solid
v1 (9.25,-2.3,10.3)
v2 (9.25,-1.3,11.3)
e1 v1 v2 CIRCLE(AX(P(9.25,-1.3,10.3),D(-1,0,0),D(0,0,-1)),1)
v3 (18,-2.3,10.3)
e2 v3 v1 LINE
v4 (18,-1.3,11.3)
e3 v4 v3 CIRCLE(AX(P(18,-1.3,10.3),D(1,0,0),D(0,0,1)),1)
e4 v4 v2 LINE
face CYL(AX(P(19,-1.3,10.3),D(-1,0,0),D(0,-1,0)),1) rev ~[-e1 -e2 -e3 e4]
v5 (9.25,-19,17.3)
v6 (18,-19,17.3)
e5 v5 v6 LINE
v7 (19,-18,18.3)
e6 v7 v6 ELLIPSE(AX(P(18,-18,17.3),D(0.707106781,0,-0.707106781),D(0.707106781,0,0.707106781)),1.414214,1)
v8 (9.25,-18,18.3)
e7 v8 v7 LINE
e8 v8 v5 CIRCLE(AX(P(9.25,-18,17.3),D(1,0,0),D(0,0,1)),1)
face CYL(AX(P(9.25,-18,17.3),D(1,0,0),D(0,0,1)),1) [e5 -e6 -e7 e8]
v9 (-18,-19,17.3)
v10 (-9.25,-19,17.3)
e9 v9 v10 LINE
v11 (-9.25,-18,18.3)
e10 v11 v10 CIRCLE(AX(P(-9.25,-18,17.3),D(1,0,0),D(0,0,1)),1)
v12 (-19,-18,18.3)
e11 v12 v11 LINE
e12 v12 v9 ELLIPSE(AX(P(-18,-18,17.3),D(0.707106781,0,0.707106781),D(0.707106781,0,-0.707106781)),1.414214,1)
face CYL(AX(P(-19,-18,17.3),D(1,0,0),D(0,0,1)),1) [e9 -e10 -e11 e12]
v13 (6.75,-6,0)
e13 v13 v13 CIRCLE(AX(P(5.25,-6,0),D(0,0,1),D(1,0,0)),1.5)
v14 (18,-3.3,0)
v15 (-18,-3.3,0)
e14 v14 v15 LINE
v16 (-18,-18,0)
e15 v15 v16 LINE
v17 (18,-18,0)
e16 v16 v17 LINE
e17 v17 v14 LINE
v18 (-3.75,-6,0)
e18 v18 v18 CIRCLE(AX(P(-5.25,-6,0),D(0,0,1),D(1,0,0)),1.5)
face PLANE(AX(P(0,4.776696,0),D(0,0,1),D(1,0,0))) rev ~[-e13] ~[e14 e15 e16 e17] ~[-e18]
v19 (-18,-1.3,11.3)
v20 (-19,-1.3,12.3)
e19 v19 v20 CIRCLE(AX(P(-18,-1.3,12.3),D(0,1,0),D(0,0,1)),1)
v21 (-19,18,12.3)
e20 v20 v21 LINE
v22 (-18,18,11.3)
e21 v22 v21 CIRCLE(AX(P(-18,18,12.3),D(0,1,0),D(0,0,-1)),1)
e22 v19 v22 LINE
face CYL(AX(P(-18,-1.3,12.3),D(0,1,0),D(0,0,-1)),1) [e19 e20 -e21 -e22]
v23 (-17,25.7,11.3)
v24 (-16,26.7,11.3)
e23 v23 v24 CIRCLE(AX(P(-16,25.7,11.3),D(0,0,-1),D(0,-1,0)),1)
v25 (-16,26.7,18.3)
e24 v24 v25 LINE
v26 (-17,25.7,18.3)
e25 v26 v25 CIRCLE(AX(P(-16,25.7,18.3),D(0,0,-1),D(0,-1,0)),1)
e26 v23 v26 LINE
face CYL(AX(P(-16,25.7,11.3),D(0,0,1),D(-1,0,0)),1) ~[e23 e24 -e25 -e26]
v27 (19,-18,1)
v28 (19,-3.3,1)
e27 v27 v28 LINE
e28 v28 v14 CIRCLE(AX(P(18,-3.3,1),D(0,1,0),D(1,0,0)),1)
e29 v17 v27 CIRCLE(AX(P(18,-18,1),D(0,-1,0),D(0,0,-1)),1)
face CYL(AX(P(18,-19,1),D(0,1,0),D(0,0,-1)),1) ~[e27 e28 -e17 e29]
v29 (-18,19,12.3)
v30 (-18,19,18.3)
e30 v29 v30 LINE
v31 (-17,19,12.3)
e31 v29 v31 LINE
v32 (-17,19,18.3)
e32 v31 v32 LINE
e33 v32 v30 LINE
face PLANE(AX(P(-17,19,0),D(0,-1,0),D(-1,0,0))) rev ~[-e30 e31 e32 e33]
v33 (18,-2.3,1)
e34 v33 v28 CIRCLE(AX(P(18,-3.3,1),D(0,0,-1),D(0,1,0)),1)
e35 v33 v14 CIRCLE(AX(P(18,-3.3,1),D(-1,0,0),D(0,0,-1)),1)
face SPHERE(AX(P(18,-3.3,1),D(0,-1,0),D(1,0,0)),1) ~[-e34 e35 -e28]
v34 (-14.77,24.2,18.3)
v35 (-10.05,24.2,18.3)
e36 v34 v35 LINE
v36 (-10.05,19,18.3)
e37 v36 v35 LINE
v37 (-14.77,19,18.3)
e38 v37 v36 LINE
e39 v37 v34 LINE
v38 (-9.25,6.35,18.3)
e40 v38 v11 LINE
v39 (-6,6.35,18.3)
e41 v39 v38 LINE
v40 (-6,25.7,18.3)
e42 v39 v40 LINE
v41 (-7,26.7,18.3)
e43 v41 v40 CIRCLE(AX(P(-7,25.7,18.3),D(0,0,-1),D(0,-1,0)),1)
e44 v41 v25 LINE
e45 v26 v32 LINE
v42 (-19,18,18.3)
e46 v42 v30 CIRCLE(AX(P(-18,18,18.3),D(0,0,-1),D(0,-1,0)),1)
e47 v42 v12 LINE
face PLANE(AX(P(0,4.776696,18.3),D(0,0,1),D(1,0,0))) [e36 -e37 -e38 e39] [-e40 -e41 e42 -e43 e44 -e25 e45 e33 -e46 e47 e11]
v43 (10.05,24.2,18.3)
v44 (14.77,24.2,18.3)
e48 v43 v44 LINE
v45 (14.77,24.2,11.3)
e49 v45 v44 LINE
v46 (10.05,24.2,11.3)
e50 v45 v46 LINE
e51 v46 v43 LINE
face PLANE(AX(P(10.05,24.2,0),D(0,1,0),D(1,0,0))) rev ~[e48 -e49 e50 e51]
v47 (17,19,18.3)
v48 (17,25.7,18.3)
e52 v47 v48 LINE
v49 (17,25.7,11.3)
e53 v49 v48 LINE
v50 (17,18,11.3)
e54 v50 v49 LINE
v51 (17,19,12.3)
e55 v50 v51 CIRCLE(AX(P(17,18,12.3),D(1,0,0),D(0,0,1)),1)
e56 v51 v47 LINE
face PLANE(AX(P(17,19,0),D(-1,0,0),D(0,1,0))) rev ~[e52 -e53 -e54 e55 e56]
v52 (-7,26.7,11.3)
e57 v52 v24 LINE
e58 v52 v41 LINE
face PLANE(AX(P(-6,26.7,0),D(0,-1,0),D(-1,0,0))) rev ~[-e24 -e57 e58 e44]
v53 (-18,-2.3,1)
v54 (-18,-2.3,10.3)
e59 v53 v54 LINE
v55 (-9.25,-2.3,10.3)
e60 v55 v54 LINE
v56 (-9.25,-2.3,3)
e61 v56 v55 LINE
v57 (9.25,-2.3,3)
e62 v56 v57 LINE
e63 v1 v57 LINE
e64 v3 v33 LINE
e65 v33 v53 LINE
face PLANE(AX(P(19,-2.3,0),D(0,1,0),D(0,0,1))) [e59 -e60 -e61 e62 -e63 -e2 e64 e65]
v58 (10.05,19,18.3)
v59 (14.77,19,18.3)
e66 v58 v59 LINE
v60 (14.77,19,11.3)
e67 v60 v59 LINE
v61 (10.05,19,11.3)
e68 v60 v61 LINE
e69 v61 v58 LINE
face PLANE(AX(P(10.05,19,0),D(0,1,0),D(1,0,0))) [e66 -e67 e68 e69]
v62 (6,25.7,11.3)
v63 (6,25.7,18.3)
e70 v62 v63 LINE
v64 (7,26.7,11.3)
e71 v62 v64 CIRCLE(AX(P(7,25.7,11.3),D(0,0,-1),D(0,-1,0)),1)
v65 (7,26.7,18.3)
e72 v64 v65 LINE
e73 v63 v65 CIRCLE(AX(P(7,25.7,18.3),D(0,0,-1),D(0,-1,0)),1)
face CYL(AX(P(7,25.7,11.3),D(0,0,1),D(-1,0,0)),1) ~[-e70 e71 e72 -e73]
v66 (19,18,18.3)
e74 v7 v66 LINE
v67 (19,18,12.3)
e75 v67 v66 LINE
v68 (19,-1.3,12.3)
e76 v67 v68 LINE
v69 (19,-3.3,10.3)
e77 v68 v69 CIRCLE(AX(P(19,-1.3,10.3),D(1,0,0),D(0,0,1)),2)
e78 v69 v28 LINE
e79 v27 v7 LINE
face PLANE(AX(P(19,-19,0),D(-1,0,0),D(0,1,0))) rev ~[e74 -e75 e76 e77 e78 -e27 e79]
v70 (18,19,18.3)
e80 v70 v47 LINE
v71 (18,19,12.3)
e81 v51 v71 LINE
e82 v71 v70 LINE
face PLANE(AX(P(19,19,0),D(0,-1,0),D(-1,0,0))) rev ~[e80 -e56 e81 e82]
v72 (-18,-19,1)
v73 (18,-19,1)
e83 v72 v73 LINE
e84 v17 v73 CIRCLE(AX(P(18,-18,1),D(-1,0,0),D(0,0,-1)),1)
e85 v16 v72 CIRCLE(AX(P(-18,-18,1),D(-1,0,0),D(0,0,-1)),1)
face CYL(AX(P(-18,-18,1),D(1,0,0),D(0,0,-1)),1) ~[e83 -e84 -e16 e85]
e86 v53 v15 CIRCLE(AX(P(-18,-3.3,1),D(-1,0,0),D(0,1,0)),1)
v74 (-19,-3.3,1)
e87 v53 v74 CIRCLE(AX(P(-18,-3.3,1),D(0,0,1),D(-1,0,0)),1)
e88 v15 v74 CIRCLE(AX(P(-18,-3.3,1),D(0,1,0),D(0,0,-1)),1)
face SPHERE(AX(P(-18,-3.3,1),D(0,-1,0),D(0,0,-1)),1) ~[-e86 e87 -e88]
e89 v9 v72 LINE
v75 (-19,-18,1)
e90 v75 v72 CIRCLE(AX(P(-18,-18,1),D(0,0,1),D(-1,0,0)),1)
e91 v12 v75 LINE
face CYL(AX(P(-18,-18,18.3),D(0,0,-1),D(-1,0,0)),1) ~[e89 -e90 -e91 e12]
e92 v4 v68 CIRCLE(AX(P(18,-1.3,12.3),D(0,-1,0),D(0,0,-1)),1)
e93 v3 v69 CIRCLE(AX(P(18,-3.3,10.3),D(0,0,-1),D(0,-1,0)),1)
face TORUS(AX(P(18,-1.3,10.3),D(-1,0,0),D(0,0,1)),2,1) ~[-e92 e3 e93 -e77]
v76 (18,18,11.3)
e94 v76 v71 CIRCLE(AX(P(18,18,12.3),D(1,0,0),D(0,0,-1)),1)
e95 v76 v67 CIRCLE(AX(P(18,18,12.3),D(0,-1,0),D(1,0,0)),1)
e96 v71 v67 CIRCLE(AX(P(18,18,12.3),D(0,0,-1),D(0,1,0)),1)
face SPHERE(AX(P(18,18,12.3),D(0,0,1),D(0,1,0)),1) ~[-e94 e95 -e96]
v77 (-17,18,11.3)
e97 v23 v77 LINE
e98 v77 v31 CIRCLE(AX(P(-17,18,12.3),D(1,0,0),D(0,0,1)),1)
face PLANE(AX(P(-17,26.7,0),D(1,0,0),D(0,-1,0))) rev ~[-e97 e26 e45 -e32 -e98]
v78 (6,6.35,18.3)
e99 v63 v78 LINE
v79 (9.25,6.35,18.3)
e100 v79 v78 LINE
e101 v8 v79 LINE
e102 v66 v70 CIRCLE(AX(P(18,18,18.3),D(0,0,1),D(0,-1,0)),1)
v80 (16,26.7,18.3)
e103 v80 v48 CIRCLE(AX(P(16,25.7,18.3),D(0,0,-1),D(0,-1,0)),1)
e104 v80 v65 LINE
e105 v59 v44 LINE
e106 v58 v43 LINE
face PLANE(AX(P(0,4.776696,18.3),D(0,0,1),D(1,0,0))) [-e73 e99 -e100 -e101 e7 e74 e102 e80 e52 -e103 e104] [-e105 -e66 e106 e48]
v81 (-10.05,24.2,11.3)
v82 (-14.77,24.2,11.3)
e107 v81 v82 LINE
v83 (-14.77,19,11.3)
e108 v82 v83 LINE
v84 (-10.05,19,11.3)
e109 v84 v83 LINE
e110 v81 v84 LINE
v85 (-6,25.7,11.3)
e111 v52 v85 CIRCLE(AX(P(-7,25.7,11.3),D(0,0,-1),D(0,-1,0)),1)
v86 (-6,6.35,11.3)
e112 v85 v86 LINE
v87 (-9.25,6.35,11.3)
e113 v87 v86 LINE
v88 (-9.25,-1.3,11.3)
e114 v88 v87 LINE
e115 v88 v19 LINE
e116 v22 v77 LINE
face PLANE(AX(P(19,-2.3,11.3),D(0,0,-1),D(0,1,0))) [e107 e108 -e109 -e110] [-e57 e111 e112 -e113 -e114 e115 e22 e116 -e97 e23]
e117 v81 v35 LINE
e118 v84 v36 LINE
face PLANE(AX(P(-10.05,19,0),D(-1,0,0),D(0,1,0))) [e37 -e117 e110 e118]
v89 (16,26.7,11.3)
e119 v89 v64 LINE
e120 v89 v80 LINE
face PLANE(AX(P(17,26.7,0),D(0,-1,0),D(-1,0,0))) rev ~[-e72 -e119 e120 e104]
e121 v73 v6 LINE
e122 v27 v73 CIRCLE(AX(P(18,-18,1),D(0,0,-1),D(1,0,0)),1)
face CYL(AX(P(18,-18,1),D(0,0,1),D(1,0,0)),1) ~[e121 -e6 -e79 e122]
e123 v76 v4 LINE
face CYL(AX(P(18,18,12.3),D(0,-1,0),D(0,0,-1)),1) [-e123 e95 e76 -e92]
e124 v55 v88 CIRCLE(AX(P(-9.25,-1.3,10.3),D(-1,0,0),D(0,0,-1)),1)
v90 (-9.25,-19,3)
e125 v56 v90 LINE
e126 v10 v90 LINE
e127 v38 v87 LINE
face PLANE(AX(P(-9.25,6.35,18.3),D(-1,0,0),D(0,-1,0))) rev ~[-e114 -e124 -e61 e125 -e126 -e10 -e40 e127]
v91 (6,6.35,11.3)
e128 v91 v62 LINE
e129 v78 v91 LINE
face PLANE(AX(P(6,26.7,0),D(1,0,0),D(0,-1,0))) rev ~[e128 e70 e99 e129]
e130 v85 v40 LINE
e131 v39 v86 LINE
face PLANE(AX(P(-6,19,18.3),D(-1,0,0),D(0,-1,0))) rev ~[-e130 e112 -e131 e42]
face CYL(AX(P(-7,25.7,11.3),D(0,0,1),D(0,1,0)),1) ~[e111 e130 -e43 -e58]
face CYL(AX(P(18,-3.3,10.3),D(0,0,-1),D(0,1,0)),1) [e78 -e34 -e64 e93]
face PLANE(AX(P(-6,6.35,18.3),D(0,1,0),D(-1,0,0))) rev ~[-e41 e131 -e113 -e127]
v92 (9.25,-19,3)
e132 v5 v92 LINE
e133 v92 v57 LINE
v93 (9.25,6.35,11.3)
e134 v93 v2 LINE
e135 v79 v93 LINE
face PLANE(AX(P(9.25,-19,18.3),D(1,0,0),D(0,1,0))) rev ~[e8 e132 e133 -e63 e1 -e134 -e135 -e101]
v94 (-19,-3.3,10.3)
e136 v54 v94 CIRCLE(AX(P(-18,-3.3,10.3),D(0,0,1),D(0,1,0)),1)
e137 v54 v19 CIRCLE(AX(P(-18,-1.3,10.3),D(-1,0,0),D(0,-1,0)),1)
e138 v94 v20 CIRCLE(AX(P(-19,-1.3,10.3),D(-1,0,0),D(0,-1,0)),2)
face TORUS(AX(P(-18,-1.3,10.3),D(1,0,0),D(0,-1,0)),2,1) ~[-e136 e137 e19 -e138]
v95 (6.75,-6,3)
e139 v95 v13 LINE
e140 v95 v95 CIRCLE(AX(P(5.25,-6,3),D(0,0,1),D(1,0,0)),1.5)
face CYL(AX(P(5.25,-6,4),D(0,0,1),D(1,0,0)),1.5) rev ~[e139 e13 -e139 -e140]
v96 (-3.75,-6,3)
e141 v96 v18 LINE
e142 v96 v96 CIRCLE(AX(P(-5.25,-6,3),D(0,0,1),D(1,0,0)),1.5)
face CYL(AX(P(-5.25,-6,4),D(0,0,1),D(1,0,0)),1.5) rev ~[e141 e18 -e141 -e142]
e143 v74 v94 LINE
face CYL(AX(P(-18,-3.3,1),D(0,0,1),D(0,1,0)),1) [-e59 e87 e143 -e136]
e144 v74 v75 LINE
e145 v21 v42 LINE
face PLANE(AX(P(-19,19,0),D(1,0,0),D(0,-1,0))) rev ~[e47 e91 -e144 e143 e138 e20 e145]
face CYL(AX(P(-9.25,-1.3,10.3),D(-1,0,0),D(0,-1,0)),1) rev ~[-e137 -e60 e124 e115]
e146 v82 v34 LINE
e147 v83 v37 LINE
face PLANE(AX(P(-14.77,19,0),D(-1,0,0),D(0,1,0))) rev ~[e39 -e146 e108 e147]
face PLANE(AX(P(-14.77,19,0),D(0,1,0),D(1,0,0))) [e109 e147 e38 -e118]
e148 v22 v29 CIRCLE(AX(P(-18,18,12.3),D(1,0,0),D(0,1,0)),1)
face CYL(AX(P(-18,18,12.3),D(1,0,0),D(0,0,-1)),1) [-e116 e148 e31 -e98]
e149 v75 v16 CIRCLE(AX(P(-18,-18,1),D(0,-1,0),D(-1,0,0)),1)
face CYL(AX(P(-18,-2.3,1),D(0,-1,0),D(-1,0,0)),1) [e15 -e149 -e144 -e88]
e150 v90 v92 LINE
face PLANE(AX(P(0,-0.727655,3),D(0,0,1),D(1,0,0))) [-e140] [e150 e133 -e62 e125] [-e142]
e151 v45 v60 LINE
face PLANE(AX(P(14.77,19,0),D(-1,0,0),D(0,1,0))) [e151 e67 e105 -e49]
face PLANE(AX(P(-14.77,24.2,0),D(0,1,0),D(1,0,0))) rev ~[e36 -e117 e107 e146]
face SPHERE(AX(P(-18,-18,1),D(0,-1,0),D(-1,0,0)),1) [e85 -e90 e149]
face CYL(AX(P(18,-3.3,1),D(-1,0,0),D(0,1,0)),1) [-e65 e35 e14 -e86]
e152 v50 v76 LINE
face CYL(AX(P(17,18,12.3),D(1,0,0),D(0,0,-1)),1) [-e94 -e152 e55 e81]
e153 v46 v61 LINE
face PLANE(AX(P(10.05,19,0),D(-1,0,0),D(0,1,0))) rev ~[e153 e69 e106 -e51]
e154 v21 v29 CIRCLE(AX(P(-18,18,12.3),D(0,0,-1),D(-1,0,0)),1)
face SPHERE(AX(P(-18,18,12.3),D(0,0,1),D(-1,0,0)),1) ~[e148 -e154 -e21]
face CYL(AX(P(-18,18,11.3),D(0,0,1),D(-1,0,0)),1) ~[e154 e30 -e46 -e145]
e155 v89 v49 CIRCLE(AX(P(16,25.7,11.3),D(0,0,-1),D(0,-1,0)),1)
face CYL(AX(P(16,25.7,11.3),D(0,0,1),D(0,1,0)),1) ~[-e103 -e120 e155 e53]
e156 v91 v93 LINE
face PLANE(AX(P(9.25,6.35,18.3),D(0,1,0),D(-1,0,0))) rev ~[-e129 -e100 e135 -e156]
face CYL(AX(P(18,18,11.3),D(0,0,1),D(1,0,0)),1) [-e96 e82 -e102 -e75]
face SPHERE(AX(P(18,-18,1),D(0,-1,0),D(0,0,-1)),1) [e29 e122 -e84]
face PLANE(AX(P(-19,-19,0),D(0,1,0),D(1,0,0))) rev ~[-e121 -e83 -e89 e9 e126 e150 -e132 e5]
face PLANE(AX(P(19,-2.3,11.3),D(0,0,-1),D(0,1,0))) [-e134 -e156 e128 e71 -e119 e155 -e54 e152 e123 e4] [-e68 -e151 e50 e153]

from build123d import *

# Parameters (mm, degrees)
SKETCH_W        = 4.72
SKETCH_H        = 5.2
PAD_DEPTH       = 18.3
SKETCH001_W     = 29
SKETCH001_H     = 11.3
POCKET_DEPTH    = 38.001
POCKET005_DEPTH = 15.3
SKETCH003_R     = 1.5
POCKET006_DEPTH = 5
FILLET_R        = 1
FILLET001_R     = 1
FILLET002_R     = 1
FILLET003_R     = 1
FILLET004_R     = 1


with BuildPart() as part:
    # Sketch → Pad (new body)
    with BuildSketch(Plane.XY):
        Polygon((-19, 19), (-19, -19), (19, -19), (19, 19), (17, 19), (17, 26.7), (6, 26.7), (6, 19), (-6, 19), (-6, 26.7), (-17, 26.7), (-17, 19), align=None)
        with Locations((-12.41, 21.6)):
            Rectangle(SKETCH_W, SKETCH_H, mode=Mode.SUBTRACT)
        with Locations((12.41, 21.6)):
            Rectangle(SKETCH_W, SKETCH_H, mode=Mode.SUBTRACT)
    extrude(amount=PAD_DEPTH)

    # Sketch001 (on Face3 of Pad) → Pocket (cut, through all)
    with BuildSketch(Plane.YZ.offset(19)):
        with Locations((12.2, 5.65)):
            Rectangle(SKETCH001_W, SKETCH001_H)
    extrude(amount=-POCKET_DEPTH, mode=Mode.SUBTRACT)

    # Sketch002 (on Face6 of Pocket) → Pocket005 (cut)
    with BuildSketch(Plane.XY.offset(18.3)):
        Polygon((-9.25, -19), (9.25, -19), (9.25, 6.35), (6, 6.35), (6, 19), (-6, 19), (-6, 6.35), (-9.25, 6.35), align=None)
    extrude(amount=-POCKET005_DEPTH, mode=Mode.SUBTRACT)

    # Sketch003 → Pocket006 (cut)
    with BuildSketch(Plane.XY.offset(4)):
        with Locations((-5.25, -6)):
            Circle(SKETCH003_R)
        with Locations((5.25, -6)):
            Circle(SKETCH003_R)
    extrude(amount=-POCKET006_DEPTH, mode=Mode.SUBTRACT)

    # Fillet
    fillet_edges = [part.edges().sort_by_distance(p)[0] for p in [
        (19, 19, 14.8),
        (17, 26.7, 14.8),
        (6, 26.7, 14.8),
        (-6, 26.7, 14.8),
        (-17, 26.7, 14.8),
        (-19, 19, 14.8),
    ]]
    fillet(fillet_edges, radius=FILLET_R)

    # Fillet001
    fillet001_edges = [part.edges().sort_by_distance(p)[0] for p in [
        (19, -10.65, 0),
        (-19, -10.65, 0),
    ]]
    fillet(fillet001_edges, radius=FILLET001_R)

    # Fillet002
    fillet002_edges = [part.edges().sort_by_distance(p)[0] for p in [
        (14.125, -2.3, 11.3),
        (-14.125, -2.3, 11.3),
    ]]
    fillet(fillet002_edges, radius=FILLET002_R)

    # Fillet003
    fillet003_edges = [part.edges().sort_by_distance(p)[0] for p in [
        (0, -2.3, 0),
    ]]
    fillet(fillet003_edges, radius=FILLET003_R)

    # Fillet004
    fillet004_edges = [part.edges().sort_by_distance(p)[0] for p in [
        (0, -19, 0),
        (19, -19, 9.65),
        (-19, -19, 9.65),
        (-14.125, -19, 18.3),
        (14.125, -19, 18.3),
    ]]
    fillet(fillet004_edges, radius=FILLET004_R)


solid = part.part
